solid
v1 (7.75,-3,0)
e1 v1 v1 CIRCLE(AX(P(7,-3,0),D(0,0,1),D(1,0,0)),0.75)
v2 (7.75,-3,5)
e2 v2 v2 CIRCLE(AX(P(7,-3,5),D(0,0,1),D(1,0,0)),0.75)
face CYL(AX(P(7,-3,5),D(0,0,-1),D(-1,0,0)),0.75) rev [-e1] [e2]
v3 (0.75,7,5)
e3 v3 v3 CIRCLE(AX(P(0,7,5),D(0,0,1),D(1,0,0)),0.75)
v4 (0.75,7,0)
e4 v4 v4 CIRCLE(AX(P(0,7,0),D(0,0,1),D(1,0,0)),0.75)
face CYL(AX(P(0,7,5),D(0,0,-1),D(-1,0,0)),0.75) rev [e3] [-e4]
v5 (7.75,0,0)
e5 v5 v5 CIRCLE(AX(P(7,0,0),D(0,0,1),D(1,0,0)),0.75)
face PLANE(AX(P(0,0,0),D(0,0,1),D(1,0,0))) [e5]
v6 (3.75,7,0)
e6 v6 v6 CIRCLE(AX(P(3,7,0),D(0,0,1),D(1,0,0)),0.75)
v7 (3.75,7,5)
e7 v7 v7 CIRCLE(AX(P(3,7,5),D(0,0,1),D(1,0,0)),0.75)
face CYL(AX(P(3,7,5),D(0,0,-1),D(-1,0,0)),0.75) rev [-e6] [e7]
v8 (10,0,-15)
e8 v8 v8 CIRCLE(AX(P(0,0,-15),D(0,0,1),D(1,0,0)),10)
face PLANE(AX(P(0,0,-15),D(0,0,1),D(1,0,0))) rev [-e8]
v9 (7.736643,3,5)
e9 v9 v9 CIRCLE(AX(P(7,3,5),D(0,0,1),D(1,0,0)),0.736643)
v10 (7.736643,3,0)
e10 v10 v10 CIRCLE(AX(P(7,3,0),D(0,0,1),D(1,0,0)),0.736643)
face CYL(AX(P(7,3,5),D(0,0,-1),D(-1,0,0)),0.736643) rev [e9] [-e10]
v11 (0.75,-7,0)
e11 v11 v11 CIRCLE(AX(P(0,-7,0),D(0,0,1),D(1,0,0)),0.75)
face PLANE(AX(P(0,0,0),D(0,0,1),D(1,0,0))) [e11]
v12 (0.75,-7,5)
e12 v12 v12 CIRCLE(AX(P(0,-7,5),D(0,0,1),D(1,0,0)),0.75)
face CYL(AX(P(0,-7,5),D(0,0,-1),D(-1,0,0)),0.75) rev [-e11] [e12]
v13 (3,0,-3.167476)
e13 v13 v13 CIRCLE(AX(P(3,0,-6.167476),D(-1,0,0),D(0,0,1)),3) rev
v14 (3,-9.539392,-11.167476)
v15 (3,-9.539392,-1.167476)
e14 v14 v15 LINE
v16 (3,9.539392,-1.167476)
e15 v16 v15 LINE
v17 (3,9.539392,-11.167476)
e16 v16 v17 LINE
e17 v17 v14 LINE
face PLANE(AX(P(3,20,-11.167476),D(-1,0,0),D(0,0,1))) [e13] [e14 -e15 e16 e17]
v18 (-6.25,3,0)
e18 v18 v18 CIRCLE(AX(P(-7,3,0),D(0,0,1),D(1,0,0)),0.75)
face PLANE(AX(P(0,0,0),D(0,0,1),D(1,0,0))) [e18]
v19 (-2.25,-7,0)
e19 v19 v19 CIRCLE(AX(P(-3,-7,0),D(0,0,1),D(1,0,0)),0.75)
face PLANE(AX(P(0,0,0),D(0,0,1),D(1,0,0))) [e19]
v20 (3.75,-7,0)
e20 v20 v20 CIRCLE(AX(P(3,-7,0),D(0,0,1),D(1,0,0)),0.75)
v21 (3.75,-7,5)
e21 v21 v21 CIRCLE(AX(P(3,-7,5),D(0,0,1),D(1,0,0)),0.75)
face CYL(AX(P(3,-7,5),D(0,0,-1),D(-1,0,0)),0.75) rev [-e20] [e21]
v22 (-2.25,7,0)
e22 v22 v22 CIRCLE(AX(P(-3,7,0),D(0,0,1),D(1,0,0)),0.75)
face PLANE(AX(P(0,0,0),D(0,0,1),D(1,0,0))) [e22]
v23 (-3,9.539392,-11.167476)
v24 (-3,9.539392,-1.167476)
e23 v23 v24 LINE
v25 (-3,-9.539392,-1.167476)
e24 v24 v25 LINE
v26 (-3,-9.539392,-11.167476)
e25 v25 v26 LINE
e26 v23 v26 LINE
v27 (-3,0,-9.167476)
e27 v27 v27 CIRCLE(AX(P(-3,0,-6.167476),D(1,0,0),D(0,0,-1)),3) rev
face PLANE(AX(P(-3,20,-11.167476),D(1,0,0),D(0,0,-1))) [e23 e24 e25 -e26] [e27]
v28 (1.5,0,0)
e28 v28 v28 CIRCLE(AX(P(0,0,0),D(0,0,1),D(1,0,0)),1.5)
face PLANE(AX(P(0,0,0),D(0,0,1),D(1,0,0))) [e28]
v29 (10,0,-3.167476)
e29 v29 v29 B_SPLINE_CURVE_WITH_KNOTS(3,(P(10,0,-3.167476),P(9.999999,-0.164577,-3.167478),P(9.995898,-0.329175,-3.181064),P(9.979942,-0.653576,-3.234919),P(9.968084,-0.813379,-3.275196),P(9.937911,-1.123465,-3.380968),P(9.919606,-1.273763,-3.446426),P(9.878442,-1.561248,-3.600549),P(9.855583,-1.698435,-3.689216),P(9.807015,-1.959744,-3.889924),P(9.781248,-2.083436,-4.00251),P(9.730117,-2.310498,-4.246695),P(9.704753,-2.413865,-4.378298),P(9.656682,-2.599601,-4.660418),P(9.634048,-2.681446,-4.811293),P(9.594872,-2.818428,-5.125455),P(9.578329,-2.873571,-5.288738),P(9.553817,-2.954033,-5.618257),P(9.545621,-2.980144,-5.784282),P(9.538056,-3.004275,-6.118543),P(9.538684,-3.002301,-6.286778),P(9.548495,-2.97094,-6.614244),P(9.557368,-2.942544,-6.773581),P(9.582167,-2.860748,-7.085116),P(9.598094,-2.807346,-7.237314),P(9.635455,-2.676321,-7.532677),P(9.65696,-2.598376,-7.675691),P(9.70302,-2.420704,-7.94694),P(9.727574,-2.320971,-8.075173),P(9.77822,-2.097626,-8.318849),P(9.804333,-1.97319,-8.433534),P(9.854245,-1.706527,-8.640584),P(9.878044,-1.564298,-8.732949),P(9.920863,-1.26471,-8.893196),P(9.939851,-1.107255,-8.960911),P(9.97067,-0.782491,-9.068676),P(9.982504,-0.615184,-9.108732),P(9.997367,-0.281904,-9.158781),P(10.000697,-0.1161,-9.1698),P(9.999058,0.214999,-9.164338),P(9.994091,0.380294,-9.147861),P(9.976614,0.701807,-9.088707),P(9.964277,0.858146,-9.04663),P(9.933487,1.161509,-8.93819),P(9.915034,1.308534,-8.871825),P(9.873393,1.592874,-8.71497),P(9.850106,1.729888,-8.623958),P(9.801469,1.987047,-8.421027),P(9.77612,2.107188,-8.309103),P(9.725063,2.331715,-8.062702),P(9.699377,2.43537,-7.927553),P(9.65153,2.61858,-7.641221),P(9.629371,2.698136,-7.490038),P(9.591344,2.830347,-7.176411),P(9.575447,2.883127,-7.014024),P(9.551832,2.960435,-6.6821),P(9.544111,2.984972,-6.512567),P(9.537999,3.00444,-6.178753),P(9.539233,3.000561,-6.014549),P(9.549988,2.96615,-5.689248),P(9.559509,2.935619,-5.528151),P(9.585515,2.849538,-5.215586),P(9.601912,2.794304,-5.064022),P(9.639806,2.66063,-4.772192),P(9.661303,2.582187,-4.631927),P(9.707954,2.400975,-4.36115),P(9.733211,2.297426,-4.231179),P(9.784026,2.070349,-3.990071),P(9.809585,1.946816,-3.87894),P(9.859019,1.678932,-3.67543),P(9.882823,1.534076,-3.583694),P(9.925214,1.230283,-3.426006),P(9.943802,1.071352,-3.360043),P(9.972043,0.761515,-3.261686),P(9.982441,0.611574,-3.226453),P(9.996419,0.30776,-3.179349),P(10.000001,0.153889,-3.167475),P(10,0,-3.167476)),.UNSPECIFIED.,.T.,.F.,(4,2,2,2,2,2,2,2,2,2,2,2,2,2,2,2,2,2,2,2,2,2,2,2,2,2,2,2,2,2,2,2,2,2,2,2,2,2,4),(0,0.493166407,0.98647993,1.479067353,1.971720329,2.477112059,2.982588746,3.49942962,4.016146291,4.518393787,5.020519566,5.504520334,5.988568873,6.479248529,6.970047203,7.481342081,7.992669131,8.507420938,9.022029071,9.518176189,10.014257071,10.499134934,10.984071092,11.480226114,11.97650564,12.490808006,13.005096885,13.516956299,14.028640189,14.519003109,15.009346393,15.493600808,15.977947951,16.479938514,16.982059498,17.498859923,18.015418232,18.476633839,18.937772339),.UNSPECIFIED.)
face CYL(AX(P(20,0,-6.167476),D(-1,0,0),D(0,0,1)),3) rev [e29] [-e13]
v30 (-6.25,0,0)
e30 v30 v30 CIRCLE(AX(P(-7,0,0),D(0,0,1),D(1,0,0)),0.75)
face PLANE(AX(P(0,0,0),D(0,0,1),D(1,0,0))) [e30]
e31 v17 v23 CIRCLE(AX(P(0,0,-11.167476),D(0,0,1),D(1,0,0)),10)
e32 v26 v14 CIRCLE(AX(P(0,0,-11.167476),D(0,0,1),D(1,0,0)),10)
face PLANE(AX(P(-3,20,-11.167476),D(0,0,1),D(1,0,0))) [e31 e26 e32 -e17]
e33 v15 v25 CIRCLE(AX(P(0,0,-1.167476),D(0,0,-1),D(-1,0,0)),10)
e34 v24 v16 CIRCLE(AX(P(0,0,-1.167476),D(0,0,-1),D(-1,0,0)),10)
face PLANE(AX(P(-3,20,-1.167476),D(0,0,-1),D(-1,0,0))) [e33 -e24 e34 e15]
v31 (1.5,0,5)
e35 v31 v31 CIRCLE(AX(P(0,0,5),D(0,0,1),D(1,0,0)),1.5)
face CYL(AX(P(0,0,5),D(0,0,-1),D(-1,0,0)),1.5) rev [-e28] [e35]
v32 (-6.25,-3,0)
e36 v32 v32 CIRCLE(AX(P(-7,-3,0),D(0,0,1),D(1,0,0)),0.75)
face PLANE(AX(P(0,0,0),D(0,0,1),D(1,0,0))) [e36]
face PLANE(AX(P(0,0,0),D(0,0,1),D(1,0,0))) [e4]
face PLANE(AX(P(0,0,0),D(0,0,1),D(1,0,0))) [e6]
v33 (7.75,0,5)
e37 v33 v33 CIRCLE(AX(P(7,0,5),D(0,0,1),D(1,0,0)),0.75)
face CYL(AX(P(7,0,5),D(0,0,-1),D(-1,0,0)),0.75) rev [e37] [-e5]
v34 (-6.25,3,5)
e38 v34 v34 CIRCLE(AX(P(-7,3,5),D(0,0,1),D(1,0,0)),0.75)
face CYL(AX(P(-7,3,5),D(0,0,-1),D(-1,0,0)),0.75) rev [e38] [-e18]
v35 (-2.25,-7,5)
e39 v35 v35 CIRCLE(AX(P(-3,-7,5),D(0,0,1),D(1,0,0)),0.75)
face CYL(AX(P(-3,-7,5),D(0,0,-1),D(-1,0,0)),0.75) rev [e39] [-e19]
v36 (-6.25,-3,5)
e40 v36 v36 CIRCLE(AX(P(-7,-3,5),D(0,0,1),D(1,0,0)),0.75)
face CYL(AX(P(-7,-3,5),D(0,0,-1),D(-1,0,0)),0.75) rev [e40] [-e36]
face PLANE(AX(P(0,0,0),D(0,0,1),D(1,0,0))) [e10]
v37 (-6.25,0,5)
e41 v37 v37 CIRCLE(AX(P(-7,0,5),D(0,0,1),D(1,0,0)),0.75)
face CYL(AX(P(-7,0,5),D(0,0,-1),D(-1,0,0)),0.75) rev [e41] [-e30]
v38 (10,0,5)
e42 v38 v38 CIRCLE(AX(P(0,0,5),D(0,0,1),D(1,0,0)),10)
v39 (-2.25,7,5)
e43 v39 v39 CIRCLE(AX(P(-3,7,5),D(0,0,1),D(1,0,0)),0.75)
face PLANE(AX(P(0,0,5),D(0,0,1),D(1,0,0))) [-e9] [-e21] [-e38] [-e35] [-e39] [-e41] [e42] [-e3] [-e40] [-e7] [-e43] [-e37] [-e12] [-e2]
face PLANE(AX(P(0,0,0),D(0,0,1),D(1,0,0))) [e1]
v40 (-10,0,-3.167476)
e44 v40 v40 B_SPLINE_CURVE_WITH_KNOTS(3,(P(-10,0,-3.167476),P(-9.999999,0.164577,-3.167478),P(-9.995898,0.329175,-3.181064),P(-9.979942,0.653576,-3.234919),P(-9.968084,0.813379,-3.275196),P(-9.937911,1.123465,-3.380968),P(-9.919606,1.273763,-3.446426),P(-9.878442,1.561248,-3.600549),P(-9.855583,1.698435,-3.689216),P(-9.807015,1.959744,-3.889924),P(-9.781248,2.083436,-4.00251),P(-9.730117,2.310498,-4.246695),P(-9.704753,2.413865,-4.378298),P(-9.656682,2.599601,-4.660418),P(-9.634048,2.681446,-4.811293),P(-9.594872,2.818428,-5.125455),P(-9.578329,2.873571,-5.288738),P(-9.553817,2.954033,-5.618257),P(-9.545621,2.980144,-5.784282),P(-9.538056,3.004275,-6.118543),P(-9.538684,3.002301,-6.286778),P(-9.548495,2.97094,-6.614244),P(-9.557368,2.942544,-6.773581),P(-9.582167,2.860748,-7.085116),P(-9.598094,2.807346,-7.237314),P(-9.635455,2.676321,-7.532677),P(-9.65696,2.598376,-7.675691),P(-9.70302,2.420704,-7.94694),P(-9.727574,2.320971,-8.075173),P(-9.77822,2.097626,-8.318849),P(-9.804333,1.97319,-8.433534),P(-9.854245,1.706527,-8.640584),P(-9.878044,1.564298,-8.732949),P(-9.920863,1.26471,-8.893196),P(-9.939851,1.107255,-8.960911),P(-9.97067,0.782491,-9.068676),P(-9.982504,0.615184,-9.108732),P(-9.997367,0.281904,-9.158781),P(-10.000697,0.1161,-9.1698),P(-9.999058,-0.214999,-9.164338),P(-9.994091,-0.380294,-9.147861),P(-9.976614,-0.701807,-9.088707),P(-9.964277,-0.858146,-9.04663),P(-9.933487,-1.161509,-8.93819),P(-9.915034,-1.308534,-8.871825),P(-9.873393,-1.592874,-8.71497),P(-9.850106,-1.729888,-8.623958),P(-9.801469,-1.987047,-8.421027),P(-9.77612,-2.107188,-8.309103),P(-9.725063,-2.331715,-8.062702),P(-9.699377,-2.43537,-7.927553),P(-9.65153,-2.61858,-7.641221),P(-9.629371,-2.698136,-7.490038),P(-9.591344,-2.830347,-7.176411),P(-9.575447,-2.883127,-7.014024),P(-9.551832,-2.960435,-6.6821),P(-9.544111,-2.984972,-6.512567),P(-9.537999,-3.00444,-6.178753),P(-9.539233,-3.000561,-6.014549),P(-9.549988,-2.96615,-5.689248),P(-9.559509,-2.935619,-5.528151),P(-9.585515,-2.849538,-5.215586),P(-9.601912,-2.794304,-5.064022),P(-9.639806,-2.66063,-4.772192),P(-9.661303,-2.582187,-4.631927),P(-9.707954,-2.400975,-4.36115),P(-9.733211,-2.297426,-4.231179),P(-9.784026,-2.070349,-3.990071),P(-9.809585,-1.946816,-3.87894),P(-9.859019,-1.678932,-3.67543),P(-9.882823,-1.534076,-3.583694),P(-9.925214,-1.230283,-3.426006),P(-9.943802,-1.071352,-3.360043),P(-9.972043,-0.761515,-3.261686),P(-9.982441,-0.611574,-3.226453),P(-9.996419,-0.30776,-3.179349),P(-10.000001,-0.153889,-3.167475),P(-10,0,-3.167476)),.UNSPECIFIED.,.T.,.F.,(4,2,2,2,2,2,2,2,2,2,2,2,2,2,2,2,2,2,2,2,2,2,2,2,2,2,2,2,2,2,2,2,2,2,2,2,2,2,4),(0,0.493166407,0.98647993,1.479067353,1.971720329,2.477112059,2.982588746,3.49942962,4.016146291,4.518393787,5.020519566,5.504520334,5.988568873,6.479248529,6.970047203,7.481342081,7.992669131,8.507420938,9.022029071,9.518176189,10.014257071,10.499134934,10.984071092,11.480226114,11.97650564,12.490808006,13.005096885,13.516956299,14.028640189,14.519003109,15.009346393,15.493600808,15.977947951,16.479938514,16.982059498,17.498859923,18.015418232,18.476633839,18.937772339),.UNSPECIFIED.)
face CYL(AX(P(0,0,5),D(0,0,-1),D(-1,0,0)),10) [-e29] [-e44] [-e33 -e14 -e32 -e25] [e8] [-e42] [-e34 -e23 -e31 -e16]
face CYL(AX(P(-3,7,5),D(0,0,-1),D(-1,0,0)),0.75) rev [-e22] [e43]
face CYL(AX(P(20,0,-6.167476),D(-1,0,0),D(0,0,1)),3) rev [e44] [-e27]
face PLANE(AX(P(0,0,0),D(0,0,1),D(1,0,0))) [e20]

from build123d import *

# Parameters (mm, degrees)
SKETCH2_R               = 10
SKETCH2_R_2             = 1.5
SKETCH2_R_3             = 0.736643129
SKETCH2_R_4             = 0.75
BOSS_EXTRUDE1_DEPTH     = 5
BOSS_EXTRUDE2_START     = -15
SKETCH3_R               = 10
BOSS_EXTRUDE2_DEPTH     = 15
CUT_EXTRUDE1_DEPTH      = 20
CUT_EXTRUDE1_DEPTH_BACK = 20
SKETCH4_W               = 6
SKETCH4_H               = 10
CUT_EXTRUDE2_DEPTH      = 20
CUT_EXTRUDE2_DEPTH_BACK = 20
SKETCH5_R               = 3


with BuildPart() as part:
    # Sketch2 → Boss-Extrude1 (new body)
    with BuildSketch(Plane.XY):
        Circle(SKETCH2_R)
        Circle(SKETCH2_R_2, mode=Mode.SUBTRACT)
        with Locations((7, 3)):
            Circle(SKETCH2_R_3, mode=Mode.SUBTRACT)
        with Locations((7, 0)):
            Circle(SKETCH2_R_4, mode=Mode.SUBTRACT)
        with Locations((7, -3)):
            Circle(SKETCH2_R_4, mode=Mode.SUBTRACT)
        with Locations((3, -7)):
            Circle(SKETCH2_R_4, mode=Mode.SUBTRACT)
        with Locations((0, -7)):
            Circle(SKETCH2_R_4, mode=Mode.SUBTRACT)
        with Locations((-3, -7)):
            Circle(SKETCH2_R_4, mode=Mode.SUBTRACT)
        with Locations((-7, -3)):
            Circle(SKETCH2_R_4, mode=Mode.SUBTRACT)
        with Locations((-7, 0)):
            Circle(SKETCH2_R_4, mode=Mode.SUBTRACT)
        with Locations((-7, 3)):
            Circle(SKETCH2_R_4, mode=Mode.SUBTRACT)
        with Locations((-3, 7)):
            Circle(SKETCH2_R_4, mode=Mode.SUBTRACT)
        with Locations((0, 7)):
            Circle(SKETCH2_R_4, mode=Mode.SUBTRACT)
        with Locations((3, 7)):
            Circle(SKETCH2_R_4, mode=Mode.SUBTRACT)
    extrude(amount=BOSS_EXTRUDE1_DEPTH)

    # Sketch3 → Boss-Extrude2 (add)
    with BuildSketch(Plane.XY.offset(BOSS_EXTRUDE2_START)):
        Circle(SKETCH3_R)
    extrude(amount=BOSS_EXTRUDE2_DEPTH)

    # Sketch4 → Cut-Extrude1 (cut, two sides: drawn at the far end of the back side and taken through both)
    with BuildSketch(Plane(origin=(0, 0, 0), x_dir=(1, 0, 0), z_dir=(0, 1, 0)).offset(-CUT_EXTRUDE1_DEPTH_BACK)):
        with Locations((0, 6.167476411)):
            Rectangle(SKETCH4_W, SKETCH4_H)
    extrude(amount=CUT_EXTRUDE1_DEPTH + CUT_EXTRUDE1_DEPTH_BACK, mode=Mode.SUBTRACT)

    # Sketch5 → Cut-Extrude2 (cut, two sides: drawn at the far end of the back side and taken through both)
    with BuildSketch(Plane(origin=(0, 0, 0), x_dir=(0, 0, -1), z_dir=(1, 0, 0)).offset(-CUT_EXTRUDE2_DEPTH_BACK)):
        with Locations((6.167476411, 0)):
            Circle(SKETCH5_R)
    extrude(amount=CUT_EXTRUDE2_DEPTH + CUT_EXTRUDE2_DEPTH_BACK, mode=Mode.SUBTRACT)


solid = part.part
